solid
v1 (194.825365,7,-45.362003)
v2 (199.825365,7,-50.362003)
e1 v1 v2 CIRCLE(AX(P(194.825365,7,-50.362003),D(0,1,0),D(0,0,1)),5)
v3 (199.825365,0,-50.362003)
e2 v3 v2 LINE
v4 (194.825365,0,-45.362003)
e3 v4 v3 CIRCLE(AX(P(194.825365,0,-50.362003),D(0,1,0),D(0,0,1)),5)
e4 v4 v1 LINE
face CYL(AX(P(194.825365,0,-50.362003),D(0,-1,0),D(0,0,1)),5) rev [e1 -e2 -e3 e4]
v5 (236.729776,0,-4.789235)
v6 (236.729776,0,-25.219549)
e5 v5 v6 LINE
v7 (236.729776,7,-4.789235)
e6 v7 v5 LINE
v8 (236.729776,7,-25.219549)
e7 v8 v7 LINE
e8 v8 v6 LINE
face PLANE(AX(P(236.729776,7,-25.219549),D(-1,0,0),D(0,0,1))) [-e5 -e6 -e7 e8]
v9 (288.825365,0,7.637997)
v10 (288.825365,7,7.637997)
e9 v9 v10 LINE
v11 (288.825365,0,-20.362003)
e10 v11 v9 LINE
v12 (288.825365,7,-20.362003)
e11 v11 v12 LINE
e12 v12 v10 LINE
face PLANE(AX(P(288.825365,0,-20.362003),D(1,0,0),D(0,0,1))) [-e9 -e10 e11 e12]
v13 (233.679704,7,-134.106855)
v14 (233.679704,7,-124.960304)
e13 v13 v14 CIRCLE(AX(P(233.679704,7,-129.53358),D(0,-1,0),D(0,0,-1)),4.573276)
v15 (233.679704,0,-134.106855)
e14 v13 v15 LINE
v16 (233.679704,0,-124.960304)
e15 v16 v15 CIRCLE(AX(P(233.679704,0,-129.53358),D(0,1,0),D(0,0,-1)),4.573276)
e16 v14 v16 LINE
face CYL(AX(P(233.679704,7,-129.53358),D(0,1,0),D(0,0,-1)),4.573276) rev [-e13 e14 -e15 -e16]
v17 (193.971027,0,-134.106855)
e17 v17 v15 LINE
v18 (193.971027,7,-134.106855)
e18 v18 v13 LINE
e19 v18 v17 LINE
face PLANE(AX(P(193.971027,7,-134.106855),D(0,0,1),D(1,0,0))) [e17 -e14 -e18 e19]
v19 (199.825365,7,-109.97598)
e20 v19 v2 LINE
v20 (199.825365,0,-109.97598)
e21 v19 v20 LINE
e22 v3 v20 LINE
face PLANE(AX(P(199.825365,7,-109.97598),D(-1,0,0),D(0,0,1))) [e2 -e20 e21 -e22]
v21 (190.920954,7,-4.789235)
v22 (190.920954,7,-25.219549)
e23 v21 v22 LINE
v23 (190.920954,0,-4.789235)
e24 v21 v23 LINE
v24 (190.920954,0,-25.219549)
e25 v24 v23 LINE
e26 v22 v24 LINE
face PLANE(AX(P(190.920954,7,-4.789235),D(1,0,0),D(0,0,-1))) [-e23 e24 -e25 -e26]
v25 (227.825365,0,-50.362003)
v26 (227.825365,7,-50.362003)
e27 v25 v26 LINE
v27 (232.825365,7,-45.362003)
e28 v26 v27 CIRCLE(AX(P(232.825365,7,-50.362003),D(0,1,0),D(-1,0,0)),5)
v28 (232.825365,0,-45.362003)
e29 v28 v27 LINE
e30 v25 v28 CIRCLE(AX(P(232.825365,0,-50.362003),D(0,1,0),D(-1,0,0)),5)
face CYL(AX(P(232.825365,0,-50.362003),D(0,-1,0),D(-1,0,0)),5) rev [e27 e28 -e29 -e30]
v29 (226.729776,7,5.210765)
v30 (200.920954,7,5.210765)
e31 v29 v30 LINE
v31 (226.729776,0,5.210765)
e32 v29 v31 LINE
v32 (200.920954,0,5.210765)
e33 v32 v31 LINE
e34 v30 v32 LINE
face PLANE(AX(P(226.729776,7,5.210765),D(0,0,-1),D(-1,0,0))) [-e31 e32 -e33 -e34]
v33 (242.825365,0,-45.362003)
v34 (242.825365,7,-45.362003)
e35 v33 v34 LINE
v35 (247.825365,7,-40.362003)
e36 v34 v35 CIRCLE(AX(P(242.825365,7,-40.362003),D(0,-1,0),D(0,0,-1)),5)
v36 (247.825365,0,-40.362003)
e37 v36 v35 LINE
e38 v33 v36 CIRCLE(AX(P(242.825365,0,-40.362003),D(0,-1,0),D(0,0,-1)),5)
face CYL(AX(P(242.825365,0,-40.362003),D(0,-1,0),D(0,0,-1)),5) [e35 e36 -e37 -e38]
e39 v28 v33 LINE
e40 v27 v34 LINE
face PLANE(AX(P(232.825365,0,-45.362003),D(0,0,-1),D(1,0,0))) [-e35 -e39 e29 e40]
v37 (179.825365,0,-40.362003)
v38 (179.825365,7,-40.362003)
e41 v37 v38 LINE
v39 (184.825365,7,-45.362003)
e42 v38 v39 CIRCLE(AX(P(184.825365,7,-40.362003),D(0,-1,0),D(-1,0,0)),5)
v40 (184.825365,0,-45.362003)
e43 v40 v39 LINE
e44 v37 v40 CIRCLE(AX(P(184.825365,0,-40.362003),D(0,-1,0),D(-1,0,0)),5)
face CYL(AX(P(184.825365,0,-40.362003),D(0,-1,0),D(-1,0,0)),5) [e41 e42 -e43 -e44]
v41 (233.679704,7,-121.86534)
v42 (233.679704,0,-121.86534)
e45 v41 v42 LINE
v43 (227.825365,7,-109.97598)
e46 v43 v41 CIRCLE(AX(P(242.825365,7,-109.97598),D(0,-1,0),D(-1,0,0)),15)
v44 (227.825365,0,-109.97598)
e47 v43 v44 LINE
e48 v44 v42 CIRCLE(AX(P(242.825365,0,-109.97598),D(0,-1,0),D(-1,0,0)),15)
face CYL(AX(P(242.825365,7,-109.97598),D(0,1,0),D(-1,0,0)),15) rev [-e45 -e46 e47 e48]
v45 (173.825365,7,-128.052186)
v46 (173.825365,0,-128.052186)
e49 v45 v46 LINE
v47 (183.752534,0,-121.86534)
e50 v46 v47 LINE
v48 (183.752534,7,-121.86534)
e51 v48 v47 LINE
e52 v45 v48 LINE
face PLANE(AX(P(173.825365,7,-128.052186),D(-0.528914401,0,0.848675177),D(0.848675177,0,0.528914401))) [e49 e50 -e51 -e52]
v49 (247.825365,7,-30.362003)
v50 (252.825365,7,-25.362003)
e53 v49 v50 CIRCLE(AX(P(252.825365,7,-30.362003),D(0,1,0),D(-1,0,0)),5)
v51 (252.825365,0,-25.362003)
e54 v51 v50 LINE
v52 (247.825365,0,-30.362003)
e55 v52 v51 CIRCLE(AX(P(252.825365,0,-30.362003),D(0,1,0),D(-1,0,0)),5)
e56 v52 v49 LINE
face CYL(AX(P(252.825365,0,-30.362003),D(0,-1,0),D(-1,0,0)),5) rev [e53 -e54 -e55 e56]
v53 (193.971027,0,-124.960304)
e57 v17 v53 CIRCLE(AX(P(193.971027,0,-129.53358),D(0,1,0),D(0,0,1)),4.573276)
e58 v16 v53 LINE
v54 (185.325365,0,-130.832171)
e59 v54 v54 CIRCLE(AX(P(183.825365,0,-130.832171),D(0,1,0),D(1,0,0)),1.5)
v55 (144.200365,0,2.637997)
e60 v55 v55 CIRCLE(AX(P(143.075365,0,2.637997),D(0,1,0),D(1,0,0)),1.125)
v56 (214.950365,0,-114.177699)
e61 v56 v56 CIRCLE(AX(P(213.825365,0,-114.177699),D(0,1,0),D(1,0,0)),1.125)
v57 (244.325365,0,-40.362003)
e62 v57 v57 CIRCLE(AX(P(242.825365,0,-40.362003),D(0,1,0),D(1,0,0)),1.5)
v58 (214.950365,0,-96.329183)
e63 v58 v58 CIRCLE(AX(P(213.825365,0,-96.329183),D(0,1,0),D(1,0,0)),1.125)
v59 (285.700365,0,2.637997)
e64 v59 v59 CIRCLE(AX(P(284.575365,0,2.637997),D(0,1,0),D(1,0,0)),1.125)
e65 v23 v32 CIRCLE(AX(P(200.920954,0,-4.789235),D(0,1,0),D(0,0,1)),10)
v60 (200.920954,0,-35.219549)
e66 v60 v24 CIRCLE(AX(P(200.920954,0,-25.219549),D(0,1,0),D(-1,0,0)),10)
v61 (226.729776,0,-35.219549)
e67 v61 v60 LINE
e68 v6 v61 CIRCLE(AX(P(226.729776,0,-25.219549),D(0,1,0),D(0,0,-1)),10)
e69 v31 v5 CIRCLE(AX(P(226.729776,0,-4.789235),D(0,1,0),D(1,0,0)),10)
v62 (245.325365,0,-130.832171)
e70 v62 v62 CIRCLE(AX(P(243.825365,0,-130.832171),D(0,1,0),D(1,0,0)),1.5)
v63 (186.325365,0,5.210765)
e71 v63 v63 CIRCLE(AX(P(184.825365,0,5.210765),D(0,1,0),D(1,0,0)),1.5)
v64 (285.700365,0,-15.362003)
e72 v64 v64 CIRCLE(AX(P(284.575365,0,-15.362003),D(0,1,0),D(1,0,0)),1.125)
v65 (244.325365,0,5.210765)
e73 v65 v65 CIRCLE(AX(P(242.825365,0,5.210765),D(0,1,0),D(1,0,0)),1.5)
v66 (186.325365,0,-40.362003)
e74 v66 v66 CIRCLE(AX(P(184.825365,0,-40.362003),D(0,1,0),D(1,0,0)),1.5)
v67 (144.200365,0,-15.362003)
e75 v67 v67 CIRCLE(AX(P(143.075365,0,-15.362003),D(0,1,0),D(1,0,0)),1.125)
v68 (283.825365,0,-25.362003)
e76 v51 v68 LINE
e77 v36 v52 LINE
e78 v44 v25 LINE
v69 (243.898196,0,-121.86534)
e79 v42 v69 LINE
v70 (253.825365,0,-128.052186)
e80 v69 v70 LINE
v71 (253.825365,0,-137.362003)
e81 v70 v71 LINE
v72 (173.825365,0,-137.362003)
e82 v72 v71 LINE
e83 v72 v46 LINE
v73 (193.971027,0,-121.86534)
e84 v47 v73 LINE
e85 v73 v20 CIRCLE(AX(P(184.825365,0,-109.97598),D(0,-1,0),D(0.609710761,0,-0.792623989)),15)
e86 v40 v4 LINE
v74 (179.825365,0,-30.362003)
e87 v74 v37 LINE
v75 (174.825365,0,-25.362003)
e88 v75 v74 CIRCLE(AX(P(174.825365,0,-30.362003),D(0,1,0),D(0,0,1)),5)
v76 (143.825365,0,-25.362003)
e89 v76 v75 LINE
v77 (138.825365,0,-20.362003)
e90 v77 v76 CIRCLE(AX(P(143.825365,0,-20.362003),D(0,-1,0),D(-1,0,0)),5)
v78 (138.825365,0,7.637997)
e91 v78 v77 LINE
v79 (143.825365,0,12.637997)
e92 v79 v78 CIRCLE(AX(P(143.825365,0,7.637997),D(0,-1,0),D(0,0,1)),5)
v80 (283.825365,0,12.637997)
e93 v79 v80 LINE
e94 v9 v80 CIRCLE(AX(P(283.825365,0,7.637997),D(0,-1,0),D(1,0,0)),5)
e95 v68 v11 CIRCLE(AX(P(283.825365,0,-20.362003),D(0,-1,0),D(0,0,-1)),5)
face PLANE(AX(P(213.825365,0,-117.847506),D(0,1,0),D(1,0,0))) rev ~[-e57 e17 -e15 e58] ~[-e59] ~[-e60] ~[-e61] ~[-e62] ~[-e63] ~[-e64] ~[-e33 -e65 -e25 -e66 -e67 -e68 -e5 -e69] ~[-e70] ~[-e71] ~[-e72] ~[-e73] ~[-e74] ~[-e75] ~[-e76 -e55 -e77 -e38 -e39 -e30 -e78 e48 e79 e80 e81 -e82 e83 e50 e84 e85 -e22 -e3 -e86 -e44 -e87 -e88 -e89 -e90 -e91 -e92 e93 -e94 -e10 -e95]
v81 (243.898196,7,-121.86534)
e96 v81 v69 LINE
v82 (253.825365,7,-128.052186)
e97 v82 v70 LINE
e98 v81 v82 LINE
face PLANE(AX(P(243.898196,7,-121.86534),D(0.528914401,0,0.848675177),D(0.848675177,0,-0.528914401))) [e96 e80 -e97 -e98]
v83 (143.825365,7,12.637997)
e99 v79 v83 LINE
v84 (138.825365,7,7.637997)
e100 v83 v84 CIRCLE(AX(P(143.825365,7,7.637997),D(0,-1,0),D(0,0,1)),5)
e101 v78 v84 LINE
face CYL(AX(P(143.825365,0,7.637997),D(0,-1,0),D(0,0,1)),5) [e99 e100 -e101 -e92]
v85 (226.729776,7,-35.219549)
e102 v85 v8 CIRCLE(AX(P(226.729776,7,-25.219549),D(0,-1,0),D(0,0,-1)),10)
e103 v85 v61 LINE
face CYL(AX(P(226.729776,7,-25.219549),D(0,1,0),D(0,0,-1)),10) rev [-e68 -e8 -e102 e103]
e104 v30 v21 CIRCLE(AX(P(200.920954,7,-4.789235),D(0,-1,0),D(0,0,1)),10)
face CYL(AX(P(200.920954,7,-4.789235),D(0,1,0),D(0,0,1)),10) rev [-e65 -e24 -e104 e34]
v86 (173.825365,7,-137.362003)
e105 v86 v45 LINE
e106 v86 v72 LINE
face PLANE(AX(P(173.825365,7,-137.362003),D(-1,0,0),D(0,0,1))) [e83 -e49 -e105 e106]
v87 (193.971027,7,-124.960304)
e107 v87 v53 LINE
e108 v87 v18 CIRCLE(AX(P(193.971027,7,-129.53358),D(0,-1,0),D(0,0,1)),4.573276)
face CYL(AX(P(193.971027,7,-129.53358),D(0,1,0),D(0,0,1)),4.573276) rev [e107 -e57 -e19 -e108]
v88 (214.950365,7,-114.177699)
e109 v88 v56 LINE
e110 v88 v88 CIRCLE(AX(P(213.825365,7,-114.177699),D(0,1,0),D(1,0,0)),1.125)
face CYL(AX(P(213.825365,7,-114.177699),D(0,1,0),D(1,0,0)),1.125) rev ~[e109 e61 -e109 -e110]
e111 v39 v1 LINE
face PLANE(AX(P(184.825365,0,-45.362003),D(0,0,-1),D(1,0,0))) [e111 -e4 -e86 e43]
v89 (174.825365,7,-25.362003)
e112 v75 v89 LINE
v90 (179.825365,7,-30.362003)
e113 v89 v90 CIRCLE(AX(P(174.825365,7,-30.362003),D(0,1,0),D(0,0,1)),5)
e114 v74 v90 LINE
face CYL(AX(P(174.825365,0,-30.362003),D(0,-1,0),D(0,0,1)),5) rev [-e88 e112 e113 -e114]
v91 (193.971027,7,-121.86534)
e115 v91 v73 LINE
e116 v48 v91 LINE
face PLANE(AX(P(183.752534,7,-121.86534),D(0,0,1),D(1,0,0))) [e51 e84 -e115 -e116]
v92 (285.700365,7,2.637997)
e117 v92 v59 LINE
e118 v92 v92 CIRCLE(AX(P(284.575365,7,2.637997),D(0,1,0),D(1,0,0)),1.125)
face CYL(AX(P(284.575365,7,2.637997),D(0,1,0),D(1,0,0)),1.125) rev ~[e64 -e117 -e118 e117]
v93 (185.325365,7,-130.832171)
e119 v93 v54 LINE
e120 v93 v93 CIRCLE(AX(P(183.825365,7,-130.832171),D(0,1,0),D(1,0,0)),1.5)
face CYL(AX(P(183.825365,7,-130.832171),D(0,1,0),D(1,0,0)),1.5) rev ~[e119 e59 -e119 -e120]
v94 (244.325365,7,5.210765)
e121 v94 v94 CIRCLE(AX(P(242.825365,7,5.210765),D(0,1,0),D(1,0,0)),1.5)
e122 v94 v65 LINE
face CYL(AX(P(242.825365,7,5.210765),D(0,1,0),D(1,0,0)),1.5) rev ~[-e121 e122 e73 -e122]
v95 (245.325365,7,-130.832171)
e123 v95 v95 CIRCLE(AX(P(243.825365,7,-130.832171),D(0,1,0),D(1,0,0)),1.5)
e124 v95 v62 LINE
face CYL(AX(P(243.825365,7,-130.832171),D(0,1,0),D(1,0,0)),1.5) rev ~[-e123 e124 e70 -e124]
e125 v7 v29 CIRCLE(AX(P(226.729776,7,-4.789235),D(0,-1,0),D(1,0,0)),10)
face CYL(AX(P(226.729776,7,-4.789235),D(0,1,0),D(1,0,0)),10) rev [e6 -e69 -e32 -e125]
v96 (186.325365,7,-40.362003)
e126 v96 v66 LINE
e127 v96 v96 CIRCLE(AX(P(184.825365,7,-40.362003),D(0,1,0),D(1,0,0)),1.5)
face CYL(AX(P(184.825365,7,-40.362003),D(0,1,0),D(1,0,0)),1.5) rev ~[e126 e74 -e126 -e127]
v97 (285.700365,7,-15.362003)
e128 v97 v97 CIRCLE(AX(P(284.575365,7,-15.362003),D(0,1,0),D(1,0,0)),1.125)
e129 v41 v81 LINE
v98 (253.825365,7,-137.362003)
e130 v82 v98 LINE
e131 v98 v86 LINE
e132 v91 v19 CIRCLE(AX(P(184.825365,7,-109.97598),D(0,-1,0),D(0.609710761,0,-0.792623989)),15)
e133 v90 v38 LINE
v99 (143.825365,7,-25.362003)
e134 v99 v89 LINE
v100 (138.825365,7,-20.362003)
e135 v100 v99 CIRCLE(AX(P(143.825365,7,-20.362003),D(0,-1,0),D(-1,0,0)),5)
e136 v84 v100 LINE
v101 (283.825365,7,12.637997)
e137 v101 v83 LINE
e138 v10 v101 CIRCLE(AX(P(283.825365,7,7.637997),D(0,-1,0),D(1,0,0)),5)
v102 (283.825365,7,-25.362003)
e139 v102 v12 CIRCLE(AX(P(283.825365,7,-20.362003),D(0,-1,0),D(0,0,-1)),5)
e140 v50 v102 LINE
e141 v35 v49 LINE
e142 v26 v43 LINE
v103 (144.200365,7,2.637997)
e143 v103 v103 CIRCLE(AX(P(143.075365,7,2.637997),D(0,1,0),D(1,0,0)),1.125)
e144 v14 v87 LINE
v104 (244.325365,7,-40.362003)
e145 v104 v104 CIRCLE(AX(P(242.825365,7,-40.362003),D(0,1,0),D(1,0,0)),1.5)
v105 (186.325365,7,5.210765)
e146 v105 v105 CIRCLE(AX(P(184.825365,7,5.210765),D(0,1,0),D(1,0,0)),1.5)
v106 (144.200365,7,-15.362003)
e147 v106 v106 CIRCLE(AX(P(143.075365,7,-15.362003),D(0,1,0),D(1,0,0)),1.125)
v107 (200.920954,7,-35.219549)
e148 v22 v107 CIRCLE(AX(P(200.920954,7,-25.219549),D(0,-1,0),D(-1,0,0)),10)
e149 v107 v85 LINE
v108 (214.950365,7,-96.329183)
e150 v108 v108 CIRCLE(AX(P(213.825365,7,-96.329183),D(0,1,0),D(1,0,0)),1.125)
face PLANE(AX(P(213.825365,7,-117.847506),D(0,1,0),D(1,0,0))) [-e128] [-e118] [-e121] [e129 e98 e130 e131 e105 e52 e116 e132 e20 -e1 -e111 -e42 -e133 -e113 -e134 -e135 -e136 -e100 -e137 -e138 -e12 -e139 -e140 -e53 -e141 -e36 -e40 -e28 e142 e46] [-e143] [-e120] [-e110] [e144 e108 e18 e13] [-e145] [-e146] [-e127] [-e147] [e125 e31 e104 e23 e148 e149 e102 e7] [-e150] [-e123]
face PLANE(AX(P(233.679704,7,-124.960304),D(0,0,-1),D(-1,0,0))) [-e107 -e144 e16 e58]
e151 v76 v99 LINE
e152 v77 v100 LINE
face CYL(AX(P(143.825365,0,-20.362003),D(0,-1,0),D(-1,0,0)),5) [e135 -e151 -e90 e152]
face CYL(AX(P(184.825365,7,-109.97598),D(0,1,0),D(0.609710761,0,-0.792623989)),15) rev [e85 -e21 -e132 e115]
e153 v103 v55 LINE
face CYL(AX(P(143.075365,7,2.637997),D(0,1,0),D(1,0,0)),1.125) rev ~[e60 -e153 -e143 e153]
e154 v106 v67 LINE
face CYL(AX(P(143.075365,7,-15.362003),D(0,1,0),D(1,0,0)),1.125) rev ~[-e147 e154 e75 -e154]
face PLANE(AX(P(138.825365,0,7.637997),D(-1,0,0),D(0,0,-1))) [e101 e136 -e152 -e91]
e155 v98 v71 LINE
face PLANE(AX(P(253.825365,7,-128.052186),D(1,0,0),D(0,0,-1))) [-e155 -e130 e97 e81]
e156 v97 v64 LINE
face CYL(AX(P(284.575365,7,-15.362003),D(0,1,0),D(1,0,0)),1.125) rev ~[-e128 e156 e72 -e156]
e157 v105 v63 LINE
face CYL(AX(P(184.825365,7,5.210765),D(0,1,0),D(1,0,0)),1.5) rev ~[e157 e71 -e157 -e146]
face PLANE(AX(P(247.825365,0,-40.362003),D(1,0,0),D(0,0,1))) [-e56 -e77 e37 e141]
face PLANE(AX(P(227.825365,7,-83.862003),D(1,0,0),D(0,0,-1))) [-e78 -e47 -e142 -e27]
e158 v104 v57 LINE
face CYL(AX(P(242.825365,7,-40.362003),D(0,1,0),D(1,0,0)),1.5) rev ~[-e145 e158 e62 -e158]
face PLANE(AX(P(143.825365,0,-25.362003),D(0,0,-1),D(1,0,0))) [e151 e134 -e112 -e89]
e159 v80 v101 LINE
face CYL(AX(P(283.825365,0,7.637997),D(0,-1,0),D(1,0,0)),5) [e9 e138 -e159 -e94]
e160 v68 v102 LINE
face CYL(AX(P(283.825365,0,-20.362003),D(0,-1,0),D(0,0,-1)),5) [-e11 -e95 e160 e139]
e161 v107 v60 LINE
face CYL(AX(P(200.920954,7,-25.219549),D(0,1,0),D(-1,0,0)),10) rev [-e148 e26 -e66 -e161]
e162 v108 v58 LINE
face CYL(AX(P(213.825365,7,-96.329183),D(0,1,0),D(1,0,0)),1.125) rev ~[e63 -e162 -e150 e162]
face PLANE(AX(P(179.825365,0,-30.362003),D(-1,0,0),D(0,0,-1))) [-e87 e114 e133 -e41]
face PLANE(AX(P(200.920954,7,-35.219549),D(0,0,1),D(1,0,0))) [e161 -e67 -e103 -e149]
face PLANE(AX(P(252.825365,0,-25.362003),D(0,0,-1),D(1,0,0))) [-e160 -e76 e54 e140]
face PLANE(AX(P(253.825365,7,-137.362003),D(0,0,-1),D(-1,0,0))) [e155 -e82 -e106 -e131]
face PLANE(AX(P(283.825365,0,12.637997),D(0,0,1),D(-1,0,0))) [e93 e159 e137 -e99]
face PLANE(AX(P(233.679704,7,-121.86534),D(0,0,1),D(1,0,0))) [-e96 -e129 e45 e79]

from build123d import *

# Parameters (mm, degrees)
BOSS_EXTRUDE3_DEPTH     = 7
CUT_EXTRUDE1_DEPTH      = 10
SKETCH3_R               = 1.125
CUT_EXTRUDE3_DEPTH      = 1
CUT_EXTRUDE3_DEPTH_BACK = 8
SKETCH4_R               = 1.5
BOSS_EXTRUDE4_DEPTH     = 7
SKETCH5_R               = 1.5
CUT_EXTRUDE4_DEPTH      = 1
CUT_EXTRUDE4_DEPTH_BACK = 8
SKETCH6_R               = 1.125
CUT_EXTRUDE5_DEPTH      = 1
CUT_EXTRUDE5_DEPTH_BACK = 8
CUT_EXTRUDE6_DEPTH      = 1
CUT_EXTRUDE6_DEPTH_BACK = 8


with BuildPart() as part:
    # Sketch1 → Boss-Extrude3 (new body)
    with BuildSketch(Plane(origin=(0, 0, 0), x_dir=(1, 0, 0), z_dir=(0, 1, 0))):
        with BuildLine():
            Line((283.825365173, -12.637997433), (247.825365173, -12.637997433))
            Line((247.825365173, -12.637997433), (247.825365173, -17.637997433))
            ThreePointArc((247.825365173, -17.637997433), (246.360899079, -21.173531339), (242.825365173, -22.637997433))
            Line((242.825365173, -22.637997433), (184.825365173, -22.637997433))
            ThreePointArc((184.825365173, -22.637997433), (181.289831267, -21.173531339), (179.825365173, -17.637997433))
            Line((179.825365173, -17.637997433), (179.825365173, -12.637997433))
            Line((179.825365173, -12.637997433), (143.825365173, -12.637997433))
            ThreePointArc((143.825365173, -12.637997433), (140.289831267, -11.173531339), (138.825365173, -7.637997433))
            Line((138.825365173, -7.637997433), (138.825365173, 20.362002567))
            ThreePointArc((138.825365173, 20.362002567), (140.289831267, 23.897536473), (143.825365173, 25.362002567))
            Line((143.825365173, 25.362002567), (174.825365173, 25.362002567))
            ThreePointArc((174.825365173, 25.362002567), (178.360899079, 26.826468661), (179.825365173, 30.362002567))
            Line((179.825365173, 30.362002567), (179.825365173, 40.362002567))
            ThreePointArc((179.825365173, 40.362002567), (181.289831267, 43.897536473), (184.825365173, 45.362002567))
            Line((184.825365173, 45.362002567), (194.825365173, 45.362002567))
            ThreePointArc((194.825365173, 45.362002567), (198.360899079, 46.826468661), (199.825365173, 50.362002567))
            Line((199.825365173, 50.362002567), (199.825365173, 117.362002567))
            ThreePointArc((199.825365173, 117.362002567), (198.360899079, 120.897536473), (194.825365173, 122.362002567))
            Line((194.825365173, 122.362002567), (184.825365173, 122.362002567))
            ThreePointArc((184.825365173, 122.362002567), (181.289831267, 123.826468661), (179.825365173, 127.362002567))
            Line((179.825365173, 127.362002567), (179.825365173, 132.362002567))
            ThreePointArc((179.825365173, 132.362002567), (181.289831267, 135.897536473), (184.825365173, 137.362002567))
            Line((184.825365173, 137.362002567), (242.825365173, 137.362002567))
            ThreePointArc((242.825365173, 137.362002567), (246.360899079, 135.897536473), (247.825365173, 132.362002567))
            Line((247.825365173, 132.362002567), (247.825365173, 127.362002567))
            ThreePointArc((247.825365173, 127.362002567), (246.360899079, 123.826468661), (242.825365173, 122.362002567))
            Line((242.825365173, 122.362002567), (232.825365173, 122.362002567))
            ThreePointArc((232.825365173, 122.362002567), (229.289831267, 120.897536473), (227.825365173, 117.362002567))
            Line((227.825365173, 117.362002567), (227.825365173, 50.362002567))
            ThreePointArc((227.825365173, 50.362002567), (229.289831267, 46.826468661), (232.825365173, 45.362002567))
            Line((232.825365173, 45.362002567), (242.825365173, 45.362002567))
            ThreePointArc((242.825365173, 45.362002567), (246.360899079, 43.897536473), (247.825365173, 40.362002567))
            Line((247.825365173, 40.362002567), (247.825365173, 30.362002567))
            ThreePointArc((247.825365173, 30.362002567), (249.289831267, 26.826468661), (252.825365173, 25.362002567))
            Line((252.825365173, 25.362002567), (283.825365173, 25.362002567))
            ThreePointArc((283.825365173, 25.362002567), (287.360899079, 23.897536473), (288.825365173, 20.362002567))
            Line((288.825365173, 20.362002567), (288.825365173, -7.637997433))
            ThreePointArc((288.825365173, -7.637997433), (287.360899079, -11.173531339), (283.825365173, -12.637997433))
        make_face()
    extrude(amount=BOSS_EXTRUDE3_DEPTH)

    # Sketch2 → Cut-Extrude1 (cut)
    with BuildSketch(Plane(origin=(0, 7, 0), x_dir=(1, 0, 0), z_dir=(0, 1, 0))):
        with BuildLine():
            Line((179.825365173, -12.637997433), (247.825365173, -12.637997433))
            Line((247.825365173, -12.637997433), (247.825365173, -17.637997433))
            ThreePointArc((247.825365173, -17.637997433), (246.360899079, -21.173531339), (242.825365173, -22.637997433))
            Line((242.825365173, -22.637997433), (184.825365173, -22.637997433))
            ThreePointArc((184.825365173, -22.637997433), (181.289831267, -21.173531339), (179.825365173, -17.637997433))
            Line((179.825365173, -17.637997433), (179.825365173, -12.637997433))
        make_face()
    extrude(amount=-CUT_EXTRUDE1_DEPTH, mode=Mode.SUBTRACT)

    # Sketch3 → Cut-Extrude3 (cut, two sides)
    with BuildSketch(Plane(origin=(0, 7, 0), x_dir=(1, 0, 0), z_dir=(0, 1, 0))) as cut_extrude3_sk:
        with Locations((143.075365173, 15.362002567)):
            Circle(SKETCH3_R)
        with Locations((143.075365173, -2.637997433)):
            Circle(SKETCH3_R)
        with Locations((284.575365173, -2.637997433)):
            Circle(SKETCH3_R)
        with Locations((284.575365173, 15.362002567)):
            Circle(SKETCH3_R)
        with BuildLine():
            Line((236.729776069, 25.219549299), (236.729776069, 4.789235296))
            ThreePointArc((236.729776069, 4.789235296), (233.800843881, -2.281832516), (226.729776069, -5.210764704))
            Line((226.729776069, -5.210764704), (200.920954278, -5.210764704))
            ThreePointArc((200.920954278, -5.210764704), (193.849886466, -2.281832516), (190.920954278, 4.789235296))
            Line((190.920954278, 4.789235296), (190.920954278, 25.219549299))
            ThreePointArc((190.920954278, 25.219549299), (193.849886466, 32.290617111), (200.920954278, 35.219549299))
            Line((200.920954278, 35.219549299), (226.729776069, 35.219549299))
            ThreePointArc((226.729776069, 35.219549299), (233.800843881, 32.290617111), (236.729776069, 25.219549299))
        make_face()
    extrude(amount=CUT_EXTRUDE3_DEPTH, mode=Mode.SUBTRACT)
    extrude(cut_extrude3_sk.sketch, amount=-CUT_EXTRUDE3_DEPTH_BACK, mode=Mode.SUBTRACT)

    # Sketch4 → Boss-Extrude4 (add)
    with BuildSketch(Plane(origin=(0, 7, 0), x_dir=(1, 0, 0), z_dir=(0, 1, 0))):
        with BuildLine():
            Line((233.679703761, 121.865339942), (243.89819588, 121.865339942))
            Line((243.89819588, 121.865339942), (253.825365173, 128.052186148))
            Line((253.825365173, 128.052186148), (253.825365173, 137.362002567))
            Line((253.825365173, 137.362002567), (173.825365173, 137.362002567))
            Line((173.825365173, 137.362002567), (173.825365173, 128.052186148))
            Line((173.825365173, 128.052186148), (183.752534467, 121.865339942))
            Line((183.752534467, 121.865339942), (193.971026586, 121.865339942))
            ThreePointArc((193.971026586, 121.865339942), (198.282425053, 116.602256541), (199.825365173, 109.975980106))
            Line((199.825365173, 109.975980106), (199.825365173, 83.862002567))
            Line((199.825365173, 83.862002567), (227.825365173, 83.862002567))
            Line((227.825365173, 83.862002567), (227.825365173, 109.975980106))
            ThreePointArc((227.825365173, 109.975980106), (229.368305294, 116.602256541), (233.679703761, 121.865339942))
        make_face()
        with Locations((183.89819588, 129.862002567)):
            Circle(SKETCH4_R, mode=Mode.SUBTRACT)
        with Locations((243.89819588, 129.862002567)):
            Circle(SKETCH4_R, mode=Mode.SUBTRACT)
    extrude(amount=-BOSS_EXTRUDE4_DEPTH)

    # Sketch5 → Cut-Extrude4 (cut, two sides)
    with BuildSketch(Plane(origin=(0, 7, 0), x_dir=(1, 0, 0), z_dir=(0, 1, 0))) as cut_extrude4_sk:
        with Locations((183.825365173, 130.832171384)):
            Circle(SKETCH5_R)
        with Locations((243.825365173, 130.832171384)):
            Circle(SKETCH5_R)
        with Locations((242.825365173, 40.362002567)):
            Circle(SKETCH5_R)
        with Locations((184.825365173, 40.362002567)):
            Circle(SKETCH5_R)
        with Locations((184.825365173, -5.210764704)):
            Circle(SKETCH5_R)
        with Locations((242.825365173, -5.210764704)):
            Circle(SKETCH5_R)
    extrude(amount=CUT_EXTRUDE4_DEPTH, mode=Mode.SUBTRACT)
    extrude(cut_extrude4_sk.sketch, amount=-CUT_EXTRUDE4_DEPTH_BACK, mode=Mode.SUBTRACT)

    # Sketch6 → Cut-Extrude5 (cut, two sides)
    with BuildSketch(Plane(origin=(0, 7, 0), x_dir=(1, 0, 0), z_dir=(0, 1, 0))) as cut_extrude5_sk:
        with Locations((284.575365173, 15.362002567)):
            Circle(SKETCH6_R)
        with Locations((213.825365173, 96.329183022)):
            Circle(SKETCH6_R)
        with Locations((213.825365173, 114.177699089)):
            Circle(SKETCH6_R)
    extrude(amount=CUT_EXTRUDE5_DEPTH, mode=Mode.SUBTRACT)
    extrude(cut_extrude5_sk.sketch, amount=-CUT_EXTRUDE5_DEPTH_BACK, mode=Mode.SUBTRACT)

    # Sketch7 → Cut-Extrude6 (cut, two sides)
    with BuildSketch(Plane(origin=(0, 7, 0), x_dir=(1, 0, 0), z_dir=(0, 1, 0))) as cut_extrude6_sk:
        with BuildLine():
            Line((193.971026586, 134.106855399), (233.679703761, 134.106855399))
            ThreePointArc((233.679703761, 134.106855399), (238.2529795, 129.533579659), (233.679703761, 124.96030392))
            Line((233.679703761, 124.96030392), (193.971026586, 124.96030392))
            ThreePointArc((193.971026586, 124.96030392), (189.397750847, 129.533579659), (193.971026586, 134.106855399))
        make_face()
    extrude(amount=CUT_EXTRUDE6_DEPTH, mode=Mode.SUBTRACT)
    extrude(cut_extrude6_sk.sketch, amount=-CUT_EXTRUDE6_DEPTH_BACK, mode=Mode.SUBTRACT)


solid = part.part
